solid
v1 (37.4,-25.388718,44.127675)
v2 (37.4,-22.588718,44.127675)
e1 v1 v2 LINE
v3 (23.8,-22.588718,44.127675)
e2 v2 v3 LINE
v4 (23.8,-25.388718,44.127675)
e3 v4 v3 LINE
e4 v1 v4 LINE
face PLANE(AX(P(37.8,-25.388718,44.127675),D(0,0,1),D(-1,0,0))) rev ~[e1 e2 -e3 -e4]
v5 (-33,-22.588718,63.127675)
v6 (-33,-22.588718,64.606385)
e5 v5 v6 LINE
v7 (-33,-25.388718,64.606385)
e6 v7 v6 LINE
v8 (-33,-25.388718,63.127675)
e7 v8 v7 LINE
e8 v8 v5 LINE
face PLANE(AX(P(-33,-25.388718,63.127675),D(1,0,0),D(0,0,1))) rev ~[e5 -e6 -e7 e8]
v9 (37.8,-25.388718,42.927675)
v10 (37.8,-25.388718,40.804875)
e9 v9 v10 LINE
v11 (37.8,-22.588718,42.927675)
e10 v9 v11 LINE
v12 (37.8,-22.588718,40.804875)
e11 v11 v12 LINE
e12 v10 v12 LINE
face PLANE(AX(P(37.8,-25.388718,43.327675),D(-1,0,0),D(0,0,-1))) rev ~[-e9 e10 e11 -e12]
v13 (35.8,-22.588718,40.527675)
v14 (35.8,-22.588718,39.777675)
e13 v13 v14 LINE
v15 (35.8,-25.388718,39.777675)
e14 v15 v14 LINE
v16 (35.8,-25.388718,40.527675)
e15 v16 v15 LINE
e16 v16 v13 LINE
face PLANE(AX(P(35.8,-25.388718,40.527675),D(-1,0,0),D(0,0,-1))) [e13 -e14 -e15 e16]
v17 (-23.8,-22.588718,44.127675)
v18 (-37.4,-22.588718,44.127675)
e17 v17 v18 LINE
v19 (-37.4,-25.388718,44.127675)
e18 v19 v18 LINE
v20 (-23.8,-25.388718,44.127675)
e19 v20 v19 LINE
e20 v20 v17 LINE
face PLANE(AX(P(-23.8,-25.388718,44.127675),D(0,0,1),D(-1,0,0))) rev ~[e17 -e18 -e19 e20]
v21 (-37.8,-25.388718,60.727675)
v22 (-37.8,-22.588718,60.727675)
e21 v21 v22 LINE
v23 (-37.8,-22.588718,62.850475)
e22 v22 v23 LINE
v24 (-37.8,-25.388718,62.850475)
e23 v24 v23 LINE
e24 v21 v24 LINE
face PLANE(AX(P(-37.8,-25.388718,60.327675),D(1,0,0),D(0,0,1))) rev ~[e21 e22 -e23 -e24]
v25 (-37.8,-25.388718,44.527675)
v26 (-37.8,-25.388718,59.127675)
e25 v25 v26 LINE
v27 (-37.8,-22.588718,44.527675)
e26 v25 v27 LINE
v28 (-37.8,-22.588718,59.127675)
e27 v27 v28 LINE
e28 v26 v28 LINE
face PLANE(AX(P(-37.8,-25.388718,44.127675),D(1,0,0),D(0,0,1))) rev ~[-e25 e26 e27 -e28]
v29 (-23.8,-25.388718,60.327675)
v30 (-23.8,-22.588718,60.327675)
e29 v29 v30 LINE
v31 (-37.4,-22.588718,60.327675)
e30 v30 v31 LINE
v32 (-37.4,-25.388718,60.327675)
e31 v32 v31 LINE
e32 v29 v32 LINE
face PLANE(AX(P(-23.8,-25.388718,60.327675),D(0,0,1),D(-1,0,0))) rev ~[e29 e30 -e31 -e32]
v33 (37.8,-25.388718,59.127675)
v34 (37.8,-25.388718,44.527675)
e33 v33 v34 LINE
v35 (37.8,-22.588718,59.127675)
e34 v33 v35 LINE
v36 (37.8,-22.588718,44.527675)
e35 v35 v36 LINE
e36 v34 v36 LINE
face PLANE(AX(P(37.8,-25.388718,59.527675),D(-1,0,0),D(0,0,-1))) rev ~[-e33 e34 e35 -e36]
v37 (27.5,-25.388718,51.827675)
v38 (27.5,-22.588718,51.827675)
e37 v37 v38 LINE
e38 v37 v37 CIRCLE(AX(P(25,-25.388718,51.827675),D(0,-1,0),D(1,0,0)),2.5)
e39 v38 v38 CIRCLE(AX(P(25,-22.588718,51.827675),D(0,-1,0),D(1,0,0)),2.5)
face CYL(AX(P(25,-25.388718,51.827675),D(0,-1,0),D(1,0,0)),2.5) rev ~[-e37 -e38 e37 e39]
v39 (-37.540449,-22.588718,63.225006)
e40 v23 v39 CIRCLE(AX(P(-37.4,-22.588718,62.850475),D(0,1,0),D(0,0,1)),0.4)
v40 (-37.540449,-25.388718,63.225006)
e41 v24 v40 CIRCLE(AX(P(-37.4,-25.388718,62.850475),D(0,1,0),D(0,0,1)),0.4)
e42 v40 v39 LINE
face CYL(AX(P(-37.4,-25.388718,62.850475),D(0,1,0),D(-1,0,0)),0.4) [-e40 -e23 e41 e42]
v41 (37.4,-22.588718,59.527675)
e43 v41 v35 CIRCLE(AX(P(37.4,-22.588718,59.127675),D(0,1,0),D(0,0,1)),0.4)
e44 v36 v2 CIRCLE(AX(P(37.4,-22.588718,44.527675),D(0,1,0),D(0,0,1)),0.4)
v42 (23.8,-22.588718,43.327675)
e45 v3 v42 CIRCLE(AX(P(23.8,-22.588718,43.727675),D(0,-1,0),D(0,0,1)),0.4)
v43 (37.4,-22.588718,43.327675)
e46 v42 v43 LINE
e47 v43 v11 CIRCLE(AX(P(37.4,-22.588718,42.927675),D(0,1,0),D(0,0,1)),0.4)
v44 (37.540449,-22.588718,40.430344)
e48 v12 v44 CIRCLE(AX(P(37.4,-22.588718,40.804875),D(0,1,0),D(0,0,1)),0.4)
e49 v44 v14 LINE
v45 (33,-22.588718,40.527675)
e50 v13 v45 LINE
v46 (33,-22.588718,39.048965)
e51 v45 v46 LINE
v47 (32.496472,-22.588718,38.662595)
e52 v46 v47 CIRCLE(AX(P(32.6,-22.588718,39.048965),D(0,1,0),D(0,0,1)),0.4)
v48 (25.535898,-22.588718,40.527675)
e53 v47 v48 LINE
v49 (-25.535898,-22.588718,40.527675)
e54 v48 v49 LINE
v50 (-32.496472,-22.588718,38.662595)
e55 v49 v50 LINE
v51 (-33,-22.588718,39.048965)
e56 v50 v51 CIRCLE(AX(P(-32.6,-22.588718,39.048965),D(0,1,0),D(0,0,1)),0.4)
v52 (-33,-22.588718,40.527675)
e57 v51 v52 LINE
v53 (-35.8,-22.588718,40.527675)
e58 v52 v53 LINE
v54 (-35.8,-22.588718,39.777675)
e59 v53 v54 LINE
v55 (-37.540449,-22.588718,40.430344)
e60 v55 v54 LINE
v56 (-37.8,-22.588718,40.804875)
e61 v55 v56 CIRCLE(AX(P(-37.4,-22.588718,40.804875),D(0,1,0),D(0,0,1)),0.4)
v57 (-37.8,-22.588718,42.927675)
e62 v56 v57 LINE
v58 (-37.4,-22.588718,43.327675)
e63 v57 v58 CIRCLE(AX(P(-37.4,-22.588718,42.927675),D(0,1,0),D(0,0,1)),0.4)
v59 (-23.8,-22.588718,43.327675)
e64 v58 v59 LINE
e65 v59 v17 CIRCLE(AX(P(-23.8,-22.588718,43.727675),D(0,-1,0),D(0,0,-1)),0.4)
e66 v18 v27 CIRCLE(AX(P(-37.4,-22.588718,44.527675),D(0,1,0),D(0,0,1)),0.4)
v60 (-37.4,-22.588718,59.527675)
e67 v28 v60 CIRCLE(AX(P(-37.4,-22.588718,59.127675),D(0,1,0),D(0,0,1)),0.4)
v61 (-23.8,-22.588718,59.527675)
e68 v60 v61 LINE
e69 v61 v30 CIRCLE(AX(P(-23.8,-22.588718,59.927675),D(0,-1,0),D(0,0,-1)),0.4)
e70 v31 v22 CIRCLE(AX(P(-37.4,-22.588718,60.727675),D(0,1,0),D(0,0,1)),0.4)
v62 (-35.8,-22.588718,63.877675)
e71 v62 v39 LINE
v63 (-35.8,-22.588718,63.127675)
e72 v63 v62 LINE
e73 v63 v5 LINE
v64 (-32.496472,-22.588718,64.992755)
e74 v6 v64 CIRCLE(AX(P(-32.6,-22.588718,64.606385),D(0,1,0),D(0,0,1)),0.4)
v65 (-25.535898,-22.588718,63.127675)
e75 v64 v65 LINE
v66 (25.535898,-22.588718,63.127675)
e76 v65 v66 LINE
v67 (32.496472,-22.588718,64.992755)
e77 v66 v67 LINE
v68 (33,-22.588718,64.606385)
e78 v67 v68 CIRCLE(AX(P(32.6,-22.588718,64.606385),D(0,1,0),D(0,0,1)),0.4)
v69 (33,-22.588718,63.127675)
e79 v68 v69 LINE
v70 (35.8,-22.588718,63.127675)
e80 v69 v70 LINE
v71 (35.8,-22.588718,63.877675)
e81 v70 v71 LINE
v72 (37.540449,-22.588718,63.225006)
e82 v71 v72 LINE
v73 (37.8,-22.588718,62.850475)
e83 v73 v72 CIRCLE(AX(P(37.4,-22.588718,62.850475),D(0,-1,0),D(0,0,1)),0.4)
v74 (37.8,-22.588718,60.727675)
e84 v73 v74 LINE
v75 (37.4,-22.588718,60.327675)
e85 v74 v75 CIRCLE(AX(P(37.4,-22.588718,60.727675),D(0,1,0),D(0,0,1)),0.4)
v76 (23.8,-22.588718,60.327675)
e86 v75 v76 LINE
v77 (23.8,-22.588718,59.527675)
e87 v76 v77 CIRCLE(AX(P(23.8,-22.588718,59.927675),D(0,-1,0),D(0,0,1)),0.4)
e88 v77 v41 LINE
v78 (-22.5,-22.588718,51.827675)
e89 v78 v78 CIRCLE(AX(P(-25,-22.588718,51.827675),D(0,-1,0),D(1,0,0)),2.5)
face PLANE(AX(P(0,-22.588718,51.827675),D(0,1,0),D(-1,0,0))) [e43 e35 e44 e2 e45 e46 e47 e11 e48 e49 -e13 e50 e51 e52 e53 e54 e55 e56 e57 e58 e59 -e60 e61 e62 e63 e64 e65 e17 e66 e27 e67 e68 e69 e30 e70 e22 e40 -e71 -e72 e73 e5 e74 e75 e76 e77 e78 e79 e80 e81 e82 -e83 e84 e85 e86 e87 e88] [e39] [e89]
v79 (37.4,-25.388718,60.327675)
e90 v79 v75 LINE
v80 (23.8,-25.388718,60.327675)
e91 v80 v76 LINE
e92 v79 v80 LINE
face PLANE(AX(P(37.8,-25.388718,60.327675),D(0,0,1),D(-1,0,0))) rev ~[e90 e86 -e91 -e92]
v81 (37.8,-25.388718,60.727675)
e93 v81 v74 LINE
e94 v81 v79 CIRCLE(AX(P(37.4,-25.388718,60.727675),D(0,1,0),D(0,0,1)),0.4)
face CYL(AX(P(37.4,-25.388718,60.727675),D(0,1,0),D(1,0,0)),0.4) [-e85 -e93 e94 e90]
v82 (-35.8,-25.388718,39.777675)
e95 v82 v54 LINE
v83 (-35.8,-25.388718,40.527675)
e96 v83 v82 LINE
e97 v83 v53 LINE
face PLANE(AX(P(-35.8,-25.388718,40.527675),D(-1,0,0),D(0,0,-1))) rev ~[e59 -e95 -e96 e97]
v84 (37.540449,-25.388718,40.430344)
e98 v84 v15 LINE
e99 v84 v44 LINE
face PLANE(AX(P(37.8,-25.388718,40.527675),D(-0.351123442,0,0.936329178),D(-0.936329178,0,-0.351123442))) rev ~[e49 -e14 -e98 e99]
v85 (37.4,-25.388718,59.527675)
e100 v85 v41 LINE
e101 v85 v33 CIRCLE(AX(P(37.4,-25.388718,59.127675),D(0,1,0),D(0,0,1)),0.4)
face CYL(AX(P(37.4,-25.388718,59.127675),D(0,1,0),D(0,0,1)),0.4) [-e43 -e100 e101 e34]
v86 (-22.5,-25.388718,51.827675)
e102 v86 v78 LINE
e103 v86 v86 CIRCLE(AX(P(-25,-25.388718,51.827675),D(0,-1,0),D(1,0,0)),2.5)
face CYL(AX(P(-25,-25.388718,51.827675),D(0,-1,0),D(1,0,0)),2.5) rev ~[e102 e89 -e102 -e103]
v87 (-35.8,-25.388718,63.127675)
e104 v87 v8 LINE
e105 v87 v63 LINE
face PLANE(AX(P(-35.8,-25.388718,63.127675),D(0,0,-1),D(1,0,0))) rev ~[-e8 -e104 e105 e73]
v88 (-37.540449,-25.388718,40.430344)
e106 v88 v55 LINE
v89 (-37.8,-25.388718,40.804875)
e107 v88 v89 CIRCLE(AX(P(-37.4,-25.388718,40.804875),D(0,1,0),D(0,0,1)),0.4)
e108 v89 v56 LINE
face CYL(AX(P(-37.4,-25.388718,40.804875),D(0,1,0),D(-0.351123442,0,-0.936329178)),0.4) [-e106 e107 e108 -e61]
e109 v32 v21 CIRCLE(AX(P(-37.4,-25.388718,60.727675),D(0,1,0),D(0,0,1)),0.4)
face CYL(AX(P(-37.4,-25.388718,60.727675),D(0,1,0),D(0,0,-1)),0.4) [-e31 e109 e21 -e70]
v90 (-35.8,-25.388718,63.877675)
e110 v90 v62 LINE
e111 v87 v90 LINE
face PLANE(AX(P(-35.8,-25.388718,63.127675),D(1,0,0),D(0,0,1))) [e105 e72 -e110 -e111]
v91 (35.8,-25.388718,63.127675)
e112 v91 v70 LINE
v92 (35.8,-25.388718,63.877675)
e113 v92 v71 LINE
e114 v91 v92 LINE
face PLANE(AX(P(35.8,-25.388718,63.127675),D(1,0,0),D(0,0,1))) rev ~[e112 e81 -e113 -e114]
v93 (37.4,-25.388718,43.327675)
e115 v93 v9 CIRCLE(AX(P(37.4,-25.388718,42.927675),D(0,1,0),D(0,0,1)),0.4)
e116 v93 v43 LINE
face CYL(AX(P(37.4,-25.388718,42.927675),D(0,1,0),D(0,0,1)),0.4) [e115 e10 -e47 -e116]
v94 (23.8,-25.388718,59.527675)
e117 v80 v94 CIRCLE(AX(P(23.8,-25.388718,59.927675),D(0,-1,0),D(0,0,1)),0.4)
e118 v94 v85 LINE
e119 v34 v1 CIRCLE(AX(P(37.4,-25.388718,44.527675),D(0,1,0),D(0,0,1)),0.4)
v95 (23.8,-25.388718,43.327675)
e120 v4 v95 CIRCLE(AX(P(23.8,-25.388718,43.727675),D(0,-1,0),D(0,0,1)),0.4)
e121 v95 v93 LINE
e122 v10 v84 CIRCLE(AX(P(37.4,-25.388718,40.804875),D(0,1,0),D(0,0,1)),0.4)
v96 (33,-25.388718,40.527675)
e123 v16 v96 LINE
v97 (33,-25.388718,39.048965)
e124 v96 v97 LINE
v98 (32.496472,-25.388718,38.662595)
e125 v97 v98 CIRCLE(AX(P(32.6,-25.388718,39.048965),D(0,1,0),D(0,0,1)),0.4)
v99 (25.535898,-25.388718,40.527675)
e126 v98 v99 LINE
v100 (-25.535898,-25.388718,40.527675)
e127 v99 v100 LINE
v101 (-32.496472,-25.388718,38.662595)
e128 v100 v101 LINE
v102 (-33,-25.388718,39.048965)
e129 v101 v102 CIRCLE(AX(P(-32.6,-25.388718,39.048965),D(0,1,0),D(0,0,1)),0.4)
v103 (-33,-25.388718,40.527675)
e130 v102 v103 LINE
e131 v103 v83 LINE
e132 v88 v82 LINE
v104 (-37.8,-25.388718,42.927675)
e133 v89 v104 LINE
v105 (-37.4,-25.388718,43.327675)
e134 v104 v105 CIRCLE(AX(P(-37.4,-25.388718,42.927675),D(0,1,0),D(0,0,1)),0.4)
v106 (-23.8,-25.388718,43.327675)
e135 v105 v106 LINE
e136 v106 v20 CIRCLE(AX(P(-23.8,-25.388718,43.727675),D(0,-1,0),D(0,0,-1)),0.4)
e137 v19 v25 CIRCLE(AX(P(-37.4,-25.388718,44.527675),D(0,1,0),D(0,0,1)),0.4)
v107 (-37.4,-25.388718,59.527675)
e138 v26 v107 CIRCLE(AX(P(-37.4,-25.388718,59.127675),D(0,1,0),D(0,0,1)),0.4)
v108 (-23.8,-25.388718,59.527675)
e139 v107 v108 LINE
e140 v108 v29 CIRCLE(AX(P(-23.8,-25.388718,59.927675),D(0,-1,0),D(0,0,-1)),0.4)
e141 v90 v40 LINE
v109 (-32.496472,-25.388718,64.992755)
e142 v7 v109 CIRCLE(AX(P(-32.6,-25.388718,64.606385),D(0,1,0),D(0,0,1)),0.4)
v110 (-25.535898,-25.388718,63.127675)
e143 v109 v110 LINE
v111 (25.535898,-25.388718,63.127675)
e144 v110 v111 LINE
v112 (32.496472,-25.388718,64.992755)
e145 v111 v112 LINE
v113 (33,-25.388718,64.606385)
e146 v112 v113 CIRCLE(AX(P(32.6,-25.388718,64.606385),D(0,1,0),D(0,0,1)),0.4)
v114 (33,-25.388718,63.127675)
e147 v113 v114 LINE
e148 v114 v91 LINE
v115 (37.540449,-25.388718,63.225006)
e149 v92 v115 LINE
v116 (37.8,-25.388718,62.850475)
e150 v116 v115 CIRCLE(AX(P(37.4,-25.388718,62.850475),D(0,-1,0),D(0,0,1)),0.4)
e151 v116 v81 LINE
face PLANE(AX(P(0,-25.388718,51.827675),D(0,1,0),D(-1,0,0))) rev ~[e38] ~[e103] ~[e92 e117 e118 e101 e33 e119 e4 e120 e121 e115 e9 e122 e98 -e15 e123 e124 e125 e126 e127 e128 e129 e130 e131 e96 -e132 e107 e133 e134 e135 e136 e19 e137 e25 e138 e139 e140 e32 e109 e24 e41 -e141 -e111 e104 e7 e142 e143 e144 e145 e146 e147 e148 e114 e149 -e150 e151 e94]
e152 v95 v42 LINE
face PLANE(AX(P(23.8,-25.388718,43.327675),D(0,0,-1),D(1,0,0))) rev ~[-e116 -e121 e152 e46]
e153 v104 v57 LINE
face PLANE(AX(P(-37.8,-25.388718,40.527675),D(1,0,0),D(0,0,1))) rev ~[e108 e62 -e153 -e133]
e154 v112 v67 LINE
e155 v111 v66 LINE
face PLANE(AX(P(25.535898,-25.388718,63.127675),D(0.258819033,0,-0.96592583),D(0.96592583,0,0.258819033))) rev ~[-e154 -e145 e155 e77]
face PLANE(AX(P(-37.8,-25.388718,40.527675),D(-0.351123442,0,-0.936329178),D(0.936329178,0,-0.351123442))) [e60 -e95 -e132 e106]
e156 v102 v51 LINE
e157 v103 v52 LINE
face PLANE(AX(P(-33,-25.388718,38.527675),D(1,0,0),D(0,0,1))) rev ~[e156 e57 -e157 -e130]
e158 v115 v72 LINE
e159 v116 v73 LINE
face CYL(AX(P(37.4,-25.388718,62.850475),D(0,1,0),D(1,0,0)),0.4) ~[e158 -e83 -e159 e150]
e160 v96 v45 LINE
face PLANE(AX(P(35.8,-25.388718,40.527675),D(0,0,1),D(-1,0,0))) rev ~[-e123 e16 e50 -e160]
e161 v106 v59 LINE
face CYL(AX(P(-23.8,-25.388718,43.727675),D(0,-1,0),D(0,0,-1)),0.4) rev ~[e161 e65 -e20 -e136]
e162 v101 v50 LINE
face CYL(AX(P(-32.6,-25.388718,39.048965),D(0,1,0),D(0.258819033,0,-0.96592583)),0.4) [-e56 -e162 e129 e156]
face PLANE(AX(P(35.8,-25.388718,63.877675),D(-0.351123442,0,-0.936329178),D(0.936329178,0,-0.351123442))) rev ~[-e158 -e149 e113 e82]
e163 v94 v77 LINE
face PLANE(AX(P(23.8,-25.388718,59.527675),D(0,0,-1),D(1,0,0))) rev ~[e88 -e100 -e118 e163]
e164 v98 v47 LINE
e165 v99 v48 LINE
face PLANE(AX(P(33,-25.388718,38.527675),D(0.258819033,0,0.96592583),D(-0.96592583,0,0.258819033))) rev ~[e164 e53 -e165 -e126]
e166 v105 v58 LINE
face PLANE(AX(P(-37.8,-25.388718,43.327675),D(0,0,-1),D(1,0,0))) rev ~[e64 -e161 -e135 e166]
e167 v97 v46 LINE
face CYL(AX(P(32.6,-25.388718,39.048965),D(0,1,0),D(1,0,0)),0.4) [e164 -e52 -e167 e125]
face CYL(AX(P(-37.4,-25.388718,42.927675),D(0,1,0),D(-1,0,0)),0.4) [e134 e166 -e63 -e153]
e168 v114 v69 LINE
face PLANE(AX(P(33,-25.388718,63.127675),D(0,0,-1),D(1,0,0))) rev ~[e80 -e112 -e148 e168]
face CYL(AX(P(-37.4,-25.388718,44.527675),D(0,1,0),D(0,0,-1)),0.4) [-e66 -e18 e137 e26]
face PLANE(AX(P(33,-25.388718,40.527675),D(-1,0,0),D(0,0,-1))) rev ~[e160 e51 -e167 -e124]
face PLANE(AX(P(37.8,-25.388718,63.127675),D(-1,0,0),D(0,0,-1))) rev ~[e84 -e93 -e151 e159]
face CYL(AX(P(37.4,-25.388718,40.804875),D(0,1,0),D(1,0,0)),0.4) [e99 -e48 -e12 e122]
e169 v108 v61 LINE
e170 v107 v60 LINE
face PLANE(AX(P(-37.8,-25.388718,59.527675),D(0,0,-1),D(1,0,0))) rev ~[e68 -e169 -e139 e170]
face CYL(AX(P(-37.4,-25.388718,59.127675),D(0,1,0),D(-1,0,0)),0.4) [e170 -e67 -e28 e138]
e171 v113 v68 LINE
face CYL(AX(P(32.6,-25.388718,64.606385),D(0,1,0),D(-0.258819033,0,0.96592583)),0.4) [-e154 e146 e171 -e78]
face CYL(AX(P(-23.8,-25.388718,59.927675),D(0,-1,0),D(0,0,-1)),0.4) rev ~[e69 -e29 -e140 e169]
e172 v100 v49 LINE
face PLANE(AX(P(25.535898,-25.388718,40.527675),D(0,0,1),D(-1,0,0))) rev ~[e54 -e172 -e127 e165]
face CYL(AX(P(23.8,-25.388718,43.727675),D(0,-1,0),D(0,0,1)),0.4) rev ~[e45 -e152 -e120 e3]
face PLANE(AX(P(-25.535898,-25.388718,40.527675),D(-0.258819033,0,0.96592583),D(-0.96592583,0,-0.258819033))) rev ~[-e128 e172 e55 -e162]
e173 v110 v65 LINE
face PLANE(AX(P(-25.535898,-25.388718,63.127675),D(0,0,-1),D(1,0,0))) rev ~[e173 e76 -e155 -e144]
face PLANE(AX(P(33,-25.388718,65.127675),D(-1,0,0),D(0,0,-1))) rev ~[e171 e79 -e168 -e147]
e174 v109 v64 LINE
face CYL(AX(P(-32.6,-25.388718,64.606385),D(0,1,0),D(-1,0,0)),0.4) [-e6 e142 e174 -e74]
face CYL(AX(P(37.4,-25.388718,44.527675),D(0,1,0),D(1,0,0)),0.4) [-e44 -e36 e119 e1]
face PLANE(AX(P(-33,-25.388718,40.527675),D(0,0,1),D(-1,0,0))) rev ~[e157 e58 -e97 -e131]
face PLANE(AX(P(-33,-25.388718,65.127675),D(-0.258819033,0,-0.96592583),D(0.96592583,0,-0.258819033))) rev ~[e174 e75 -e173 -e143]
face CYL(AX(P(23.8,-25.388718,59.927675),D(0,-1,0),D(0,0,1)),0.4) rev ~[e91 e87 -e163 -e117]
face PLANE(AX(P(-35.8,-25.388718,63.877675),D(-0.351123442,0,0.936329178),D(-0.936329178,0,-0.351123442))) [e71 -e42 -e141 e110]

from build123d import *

# Parameters (mm, degrees)
PAD010_DEPTH    = 2.8
FILLET003_R     = 0.4
SKETCH016_R     = 2.5
POCKET008_DEPTH = 2.801


with BuildPart() as part:
    # Sketch010 (on Face2 of ShapeBinder009) → Pad010 (new body)
    with BuildSketch(Plane.XZ.offset(25.388718)):
        with BuildLine():
            Line((37.8, 63.127675), (37.8, 60.327675))
            Line((37.8, 60.327675), (23.8, 60.327675))
            ThreePointArc((23.8, 60.327675), (23.4, 59.927675), (23.8, 59.527675))
            Line((23.8, 59.527675), (37.8, 59.527675))
            Line((37.8, 59.527675), (37.8, 44.127675))
            Line((37.8, 44.127675), (23.8, 44.127675))
            ThreePointArc((23.8, 44.127675), (23.4, 43.727675), (23.8, 43.327675))
            Line((23.8, 43.327675), (37.8, 43.327675))
            Line((37.8, 43.327675), (37.8, 40.527675))
            Line((37.8, 40.527675), (35.8, 39.777675))
            Line((35.8, 40.527675), (35.8, 39.777675))
            Line((35.8, 40.527675), (33, 40.527675))
            Line((33, 40.527675), (33, 38.527675))
            Line((33, 38.527675), (25.535898, 40.527675))
            Line((25.535898, 40.527675), (-25.535898, 40.527675))
            Line((-25.535898, 40.527675), (-33, 38.527675))
            Line((-33, 38.527675), (-33, 40.527675))
            Line((-33, 40.527675), (-35.8, 40.527675))
            Line((-35.8, 40.527675), (-35.8, 39.777675))
            Line((-37.8, 40.527675), (-35.8, 39.777675))
            Line((-37.8, 40.527675), (-37.8, 43.327675))
            Line((-37.8, 43.327675), (-23.8, 43.327675))
            ThreePointArc((-23.8, 43.327675), (-23.4, 43.727675), (-23.8, 44.127675))
            Line((-23.8, 44.127675), (-37.8, 44.127675))
            Line((-37.8, 44.127675), (-37.8, 59.527675))
            Line((-37.8, 59.527675), (-23.8, 59.527675))
            ThreePointArc((-23.8, 59.527675), (-23.4, 59.927675), (-23.8, 60.327675))
            Line((-23.8, 60.327675), (-37.8, 60.327675))
            Line((-37.8, 60.327675), (-37.8, 63.127675))
            Line((-35.8, 63.877675), (-37.8, 63.127675))
            Line((-35.8, 63.127675), (-35.8, 63.877675))
            Line((-35.8, 63.127675), (-33, 63.127675))
            Line((-33, 63.127675), (-33, 65.127675))
            Line((-33, 65.127675), (-25.535898, 63.127675))
            Line((-25.535898, 63.127675), (25.535898, 63.127675))
            Line((25.535898, 63.127675), (33, 65.127675))
            Line((33, 65.127675), (33, 63.127675))
            Line((33, 63.127675), (35.8, 63.127675))
            Line((35.8, 63.127675), (35.8, 63.877675))
            Line((35.8, 63.877675), (37.8, 63.127675))
        make_face()
    extrude(amount=-PAD010_DEPTH)

    # Fillet003
    fillet003_edges = [part.edges().sort_by_distance(p)[0] for p in [
        (33, -23.988718, 65.127675),
        (37.8, -23.988718, 63.127675),
        (37.8, -23.988718, 60.327675),
        (37.8, -23.988718, 59.527675),
        (37.8, -23.988718, 44.127675),
        (37.8, -23.988718, 43.327675),
        (37.8, -23.988718, 40.527675),
        (33, -23.988718, 38.527675),
        (-33, -23.988718, 65.127675),
        (-37.8, -23.988718, 63.127675),
        (-37.8, -23.988718, 60.327675),
        (-37.8, -23.988718, 59.527675),
        (-37.8, -23.988718, 44.127675),
        (-37.8, -23.988718, 43.327675),
        (-37.8, -23.988718, 40.527675),
        (-33, -23.988718, 38.527675),
    ]]
    fillet(fillet003_edges, radius=FILLET003_R)

    # Sketch016 (on Face2 of Fillet003) → Pocket008 (cut, through all)
    with BuildSketch(Plane.XZ.offset(25.388718)):
        with Locations((-25, 51.827675)):
            Circle(SKETCH016_R)
        with Locations((25, 51.827675)):
            Circle(SKETCH016_R)
    extrude(amount=-POCKET008_DEPTH, mode=Mode.SUBTRACT)


solid = part.part
